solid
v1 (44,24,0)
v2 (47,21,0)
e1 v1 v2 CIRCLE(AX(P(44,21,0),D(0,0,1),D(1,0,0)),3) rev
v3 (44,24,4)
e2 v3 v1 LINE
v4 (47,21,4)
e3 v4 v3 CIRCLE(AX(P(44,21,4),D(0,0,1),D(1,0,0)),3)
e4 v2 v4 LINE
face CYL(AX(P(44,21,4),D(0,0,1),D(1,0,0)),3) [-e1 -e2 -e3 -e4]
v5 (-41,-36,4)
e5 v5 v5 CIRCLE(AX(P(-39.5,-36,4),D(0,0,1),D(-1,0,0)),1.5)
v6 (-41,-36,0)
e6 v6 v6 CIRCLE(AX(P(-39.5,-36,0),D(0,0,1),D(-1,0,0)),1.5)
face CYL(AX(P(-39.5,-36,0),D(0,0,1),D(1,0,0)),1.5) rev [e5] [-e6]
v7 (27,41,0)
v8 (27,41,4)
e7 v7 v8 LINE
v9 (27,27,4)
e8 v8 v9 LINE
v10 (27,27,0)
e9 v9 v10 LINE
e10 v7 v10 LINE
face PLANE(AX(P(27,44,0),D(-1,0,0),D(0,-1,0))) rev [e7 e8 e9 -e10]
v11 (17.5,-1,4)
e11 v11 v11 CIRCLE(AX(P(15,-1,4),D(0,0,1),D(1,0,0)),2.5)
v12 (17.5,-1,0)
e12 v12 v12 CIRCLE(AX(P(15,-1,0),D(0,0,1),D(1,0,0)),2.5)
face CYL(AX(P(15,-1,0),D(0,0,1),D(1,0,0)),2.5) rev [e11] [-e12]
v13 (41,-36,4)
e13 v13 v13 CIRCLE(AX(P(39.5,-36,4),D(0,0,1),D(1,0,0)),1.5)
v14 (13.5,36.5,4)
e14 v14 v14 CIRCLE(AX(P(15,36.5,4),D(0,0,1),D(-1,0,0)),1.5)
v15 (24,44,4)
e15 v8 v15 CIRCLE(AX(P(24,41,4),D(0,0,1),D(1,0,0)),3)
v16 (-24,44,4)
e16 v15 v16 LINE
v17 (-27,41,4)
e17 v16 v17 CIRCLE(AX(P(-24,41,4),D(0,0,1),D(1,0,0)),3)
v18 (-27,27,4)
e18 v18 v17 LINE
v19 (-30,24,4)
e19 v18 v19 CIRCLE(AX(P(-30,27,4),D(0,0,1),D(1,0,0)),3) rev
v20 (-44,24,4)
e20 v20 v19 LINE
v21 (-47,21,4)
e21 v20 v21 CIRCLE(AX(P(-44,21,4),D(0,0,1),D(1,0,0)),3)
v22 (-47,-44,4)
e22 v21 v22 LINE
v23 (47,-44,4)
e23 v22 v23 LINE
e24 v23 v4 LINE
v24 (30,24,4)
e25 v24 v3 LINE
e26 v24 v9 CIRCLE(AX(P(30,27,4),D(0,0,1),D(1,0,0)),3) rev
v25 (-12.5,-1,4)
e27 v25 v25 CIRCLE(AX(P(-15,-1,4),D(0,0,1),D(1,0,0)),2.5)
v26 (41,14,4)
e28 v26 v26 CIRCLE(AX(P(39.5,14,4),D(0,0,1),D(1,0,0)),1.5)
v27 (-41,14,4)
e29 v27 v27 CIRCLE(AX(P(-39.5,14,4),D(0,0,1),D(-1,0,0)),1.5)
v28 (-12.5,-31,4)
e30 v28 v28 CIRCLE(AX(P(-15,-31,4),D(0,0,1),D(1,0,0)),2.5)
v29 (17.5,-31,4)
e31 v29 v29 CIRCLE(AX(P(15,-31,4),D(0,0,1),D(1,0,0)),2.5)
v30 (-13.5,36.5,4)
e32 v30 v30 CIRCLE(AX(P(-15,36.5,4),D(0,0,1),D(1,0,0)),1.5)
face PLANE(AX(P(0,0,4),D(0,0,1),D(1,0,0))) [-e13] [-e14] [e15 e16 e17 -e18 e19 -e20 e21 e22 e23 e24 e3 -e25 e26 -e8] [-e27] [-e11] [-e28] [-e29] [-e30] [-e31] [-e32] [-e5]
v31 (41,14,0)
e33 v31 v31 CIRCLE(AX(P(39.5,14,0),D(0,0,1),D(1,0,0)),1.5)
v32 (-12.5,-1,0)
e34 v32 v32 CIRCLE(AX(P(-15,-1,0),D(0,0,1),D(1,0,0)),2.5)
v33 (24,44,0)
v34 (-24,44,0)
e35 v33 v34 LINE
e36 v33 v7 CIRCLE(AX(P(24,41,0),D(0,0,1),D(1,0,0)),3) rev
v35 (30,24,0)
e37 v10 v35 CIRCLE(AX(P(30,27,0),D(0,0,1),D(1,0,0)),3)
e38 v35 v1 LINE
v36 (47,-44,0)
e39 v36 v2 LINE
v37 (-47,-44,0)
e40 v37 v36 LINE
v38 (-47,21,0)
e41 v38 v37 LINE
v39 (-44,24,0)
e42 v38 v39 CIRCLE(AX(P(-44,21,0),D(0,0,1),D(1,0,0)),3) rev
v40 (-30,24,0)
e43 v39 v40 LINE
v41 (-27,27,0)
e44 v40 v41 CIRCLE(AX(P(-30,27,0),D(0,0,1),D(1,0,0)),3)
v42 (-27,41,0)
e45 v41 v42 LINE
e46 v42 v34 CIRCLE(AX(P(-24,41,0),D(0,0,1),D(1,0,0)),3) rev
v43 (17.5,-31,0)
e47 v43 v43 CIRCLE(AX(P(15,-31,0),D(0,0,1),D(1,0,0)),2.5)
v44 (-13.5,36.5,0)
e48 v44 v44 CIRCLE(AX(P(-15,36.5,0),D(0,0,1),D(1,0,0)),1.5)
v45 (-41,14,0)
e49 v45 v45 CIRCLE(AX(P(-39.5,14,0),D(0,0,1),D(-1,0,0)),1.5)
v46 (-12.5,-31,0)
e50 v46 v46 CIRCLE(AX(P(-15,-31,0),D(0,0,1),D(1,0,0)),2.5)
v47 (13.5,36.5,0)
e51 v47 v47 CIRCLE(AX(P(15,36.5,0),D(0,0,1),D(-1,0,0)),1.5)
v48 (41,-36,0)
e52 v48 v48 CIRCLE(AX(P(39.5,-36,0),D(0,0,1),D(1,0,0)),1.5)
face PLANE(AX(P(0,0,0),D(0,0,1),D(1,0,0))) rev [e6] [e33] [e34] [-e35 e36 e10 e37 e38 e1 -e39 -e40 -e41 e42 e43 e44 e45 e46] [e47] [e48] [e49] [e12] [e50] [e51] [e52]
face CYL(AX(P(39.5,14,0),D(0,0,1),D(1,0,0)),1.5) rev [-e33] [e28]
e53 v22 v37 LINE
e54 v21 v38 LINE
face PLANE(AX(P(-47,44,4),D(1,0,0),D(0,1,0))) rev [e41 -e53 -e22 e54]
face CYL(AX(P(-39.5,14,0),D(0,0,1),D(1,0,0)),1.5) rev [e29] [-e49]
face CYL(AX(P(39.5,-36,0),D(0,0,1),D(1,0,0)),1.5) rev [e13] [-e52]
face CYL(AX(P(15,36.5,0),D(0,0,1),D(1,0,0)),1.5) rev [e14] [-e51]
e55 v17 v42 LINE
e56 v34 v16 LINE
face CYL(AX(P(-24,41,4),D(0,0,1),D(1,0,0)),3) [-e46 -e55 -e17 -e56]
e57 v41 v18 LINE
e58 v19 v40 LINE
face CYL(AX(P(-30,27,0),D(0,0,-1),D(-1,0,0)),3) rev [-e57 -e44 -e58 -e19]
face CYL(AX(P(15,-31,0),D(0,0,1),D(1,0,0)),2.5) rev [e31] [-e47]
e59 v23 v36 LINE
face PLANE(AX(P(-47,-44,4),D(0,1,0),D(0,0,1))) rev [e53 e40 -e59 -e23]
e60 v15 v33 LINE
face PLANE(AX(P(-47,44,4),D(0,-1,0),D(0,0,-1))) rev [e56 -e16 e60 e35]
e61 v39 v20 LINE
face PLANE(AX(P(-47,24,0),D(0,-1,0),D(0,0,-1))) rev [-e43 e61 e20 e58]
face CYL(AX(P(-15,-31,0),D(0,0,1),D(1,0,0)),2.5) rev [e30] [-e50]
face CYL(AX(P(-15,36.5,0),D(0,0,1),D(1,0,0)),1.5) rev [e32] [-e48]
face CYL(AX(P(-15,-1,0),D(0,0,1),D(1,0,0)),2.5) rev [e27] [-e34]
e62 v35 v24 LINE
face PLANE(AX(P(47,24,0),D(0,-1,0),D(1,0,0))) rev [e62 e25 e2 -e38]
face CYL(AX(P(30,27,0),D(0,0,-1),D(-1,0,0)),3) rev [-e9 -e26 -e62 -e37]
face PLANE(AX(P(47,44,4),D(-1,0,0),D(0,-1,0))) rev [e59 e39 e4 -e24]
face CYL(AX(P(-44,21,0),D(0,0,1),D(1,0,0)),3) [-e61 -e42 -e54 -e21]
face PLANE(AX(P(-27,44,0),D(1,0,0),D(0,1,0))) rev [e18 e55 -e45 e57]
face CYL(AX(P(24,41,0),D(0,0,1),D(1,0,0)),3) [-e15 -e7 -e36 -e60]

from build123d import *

# Parameters (mm, degrees)
SKETCH_1_W          = 94
SKETCH_1_H          = 88
EXTRUDE_1_DEPTH     = 4
SKETCH_2_W          = 20
SKETCH_2_H          = 20
CUT_EXTRUDE_1_DEPTH = 65.505813691
FILLET_1_R          = 3
SKETCH_3_R          = 2.5
CUT_EXTRUDE_2_DEPTH = 65.505813691
SKETCH_4_R          = 1.5
CUT_EXTRUDE_3_DEPTH = 65.505813691


with BuildPart() as part:
    # 草图1 → 凸台-拉伸1 (new body)
    with BuildSketch(Plane.XY):
        Rectangle(SKETCH_1_W, SKETCH_1_H)
    extrude(amount=EXTRUDE_1_DEPTH)

    # 草图2 → 切除-拉伸1 (cut, through all)
    with BuildSketch(Plane.XY.offset(4)):
        with Locations((-37, 34)):
            Rectangle(SKETCH_2_W, SKETCH_2_H)
        with Locations((37, 34)):
            Rectangle(SKETCH_2_W, SKETCH_2_H)
    extrude(amount=-CUT_EXTRUDE_1_DEPTH, mode=Mode.SUBTRACT)

    # 圆角1
    fillet_1_edges = [part.edges().sort_by_distance(p)[0] for p in [
        (-47, 24, 2),
        (-27, 44, 2),
        (-27, 24, 2),
        (27, 44, 2),
        (47, 24, 2),
        (27, 24, 2),
    ]]
    fillet(fillet_1_edges, radius=FILLET_1_R)

    # 草图3 → 切除-拉伸2 (cut, through all)
    with BuildSketch(Plane.XY.offset(4)):
        with Locations((-15, -1)):
            Circle(SKETCH_3_R)
        with Locations((15, -1)):
            Circle(SKETCH_3_R)
        with Locations((15, -31)):
            Circle(SKETCH_3_R)
        with Locations((-15, -31)):
            Circle(SKETCH_3_R)
    extrude(amount=-CUT_EXTRUDE_2_DEPTH, mode=Mode.SUBTRACT)

    # 草图4 → 切除-拉伸3 (cut, through all)
    with BuildSketch(Plane.XY.offset(4)):
        with Locations((-15, 36.5)):
            Circle(SKETCH_4_R)
        with Locations((39.5, 14)):
            Circle(SKETCH_4_R)
        with Locations((39.5, -36)):
            Circle(SKETCH_4_R)
        with Locations(Location((15, 36.5, 0), (0, 0, 180))):
            Circle(SKETCH_4_R)
        with Locations(Location((-39.5, -36, 0), (0, 0, 180))):
            Circle(SKETCH_4_R)
        with Locations(Location((-39.5, 14, 0), (0, 0, 180))):
            Circle(SKETCH_4_R)
    extrude(amount=-CUT_EXTRUDE_3_DEPTH, mode=Mode.SUBTRACT)


solid = part.part
